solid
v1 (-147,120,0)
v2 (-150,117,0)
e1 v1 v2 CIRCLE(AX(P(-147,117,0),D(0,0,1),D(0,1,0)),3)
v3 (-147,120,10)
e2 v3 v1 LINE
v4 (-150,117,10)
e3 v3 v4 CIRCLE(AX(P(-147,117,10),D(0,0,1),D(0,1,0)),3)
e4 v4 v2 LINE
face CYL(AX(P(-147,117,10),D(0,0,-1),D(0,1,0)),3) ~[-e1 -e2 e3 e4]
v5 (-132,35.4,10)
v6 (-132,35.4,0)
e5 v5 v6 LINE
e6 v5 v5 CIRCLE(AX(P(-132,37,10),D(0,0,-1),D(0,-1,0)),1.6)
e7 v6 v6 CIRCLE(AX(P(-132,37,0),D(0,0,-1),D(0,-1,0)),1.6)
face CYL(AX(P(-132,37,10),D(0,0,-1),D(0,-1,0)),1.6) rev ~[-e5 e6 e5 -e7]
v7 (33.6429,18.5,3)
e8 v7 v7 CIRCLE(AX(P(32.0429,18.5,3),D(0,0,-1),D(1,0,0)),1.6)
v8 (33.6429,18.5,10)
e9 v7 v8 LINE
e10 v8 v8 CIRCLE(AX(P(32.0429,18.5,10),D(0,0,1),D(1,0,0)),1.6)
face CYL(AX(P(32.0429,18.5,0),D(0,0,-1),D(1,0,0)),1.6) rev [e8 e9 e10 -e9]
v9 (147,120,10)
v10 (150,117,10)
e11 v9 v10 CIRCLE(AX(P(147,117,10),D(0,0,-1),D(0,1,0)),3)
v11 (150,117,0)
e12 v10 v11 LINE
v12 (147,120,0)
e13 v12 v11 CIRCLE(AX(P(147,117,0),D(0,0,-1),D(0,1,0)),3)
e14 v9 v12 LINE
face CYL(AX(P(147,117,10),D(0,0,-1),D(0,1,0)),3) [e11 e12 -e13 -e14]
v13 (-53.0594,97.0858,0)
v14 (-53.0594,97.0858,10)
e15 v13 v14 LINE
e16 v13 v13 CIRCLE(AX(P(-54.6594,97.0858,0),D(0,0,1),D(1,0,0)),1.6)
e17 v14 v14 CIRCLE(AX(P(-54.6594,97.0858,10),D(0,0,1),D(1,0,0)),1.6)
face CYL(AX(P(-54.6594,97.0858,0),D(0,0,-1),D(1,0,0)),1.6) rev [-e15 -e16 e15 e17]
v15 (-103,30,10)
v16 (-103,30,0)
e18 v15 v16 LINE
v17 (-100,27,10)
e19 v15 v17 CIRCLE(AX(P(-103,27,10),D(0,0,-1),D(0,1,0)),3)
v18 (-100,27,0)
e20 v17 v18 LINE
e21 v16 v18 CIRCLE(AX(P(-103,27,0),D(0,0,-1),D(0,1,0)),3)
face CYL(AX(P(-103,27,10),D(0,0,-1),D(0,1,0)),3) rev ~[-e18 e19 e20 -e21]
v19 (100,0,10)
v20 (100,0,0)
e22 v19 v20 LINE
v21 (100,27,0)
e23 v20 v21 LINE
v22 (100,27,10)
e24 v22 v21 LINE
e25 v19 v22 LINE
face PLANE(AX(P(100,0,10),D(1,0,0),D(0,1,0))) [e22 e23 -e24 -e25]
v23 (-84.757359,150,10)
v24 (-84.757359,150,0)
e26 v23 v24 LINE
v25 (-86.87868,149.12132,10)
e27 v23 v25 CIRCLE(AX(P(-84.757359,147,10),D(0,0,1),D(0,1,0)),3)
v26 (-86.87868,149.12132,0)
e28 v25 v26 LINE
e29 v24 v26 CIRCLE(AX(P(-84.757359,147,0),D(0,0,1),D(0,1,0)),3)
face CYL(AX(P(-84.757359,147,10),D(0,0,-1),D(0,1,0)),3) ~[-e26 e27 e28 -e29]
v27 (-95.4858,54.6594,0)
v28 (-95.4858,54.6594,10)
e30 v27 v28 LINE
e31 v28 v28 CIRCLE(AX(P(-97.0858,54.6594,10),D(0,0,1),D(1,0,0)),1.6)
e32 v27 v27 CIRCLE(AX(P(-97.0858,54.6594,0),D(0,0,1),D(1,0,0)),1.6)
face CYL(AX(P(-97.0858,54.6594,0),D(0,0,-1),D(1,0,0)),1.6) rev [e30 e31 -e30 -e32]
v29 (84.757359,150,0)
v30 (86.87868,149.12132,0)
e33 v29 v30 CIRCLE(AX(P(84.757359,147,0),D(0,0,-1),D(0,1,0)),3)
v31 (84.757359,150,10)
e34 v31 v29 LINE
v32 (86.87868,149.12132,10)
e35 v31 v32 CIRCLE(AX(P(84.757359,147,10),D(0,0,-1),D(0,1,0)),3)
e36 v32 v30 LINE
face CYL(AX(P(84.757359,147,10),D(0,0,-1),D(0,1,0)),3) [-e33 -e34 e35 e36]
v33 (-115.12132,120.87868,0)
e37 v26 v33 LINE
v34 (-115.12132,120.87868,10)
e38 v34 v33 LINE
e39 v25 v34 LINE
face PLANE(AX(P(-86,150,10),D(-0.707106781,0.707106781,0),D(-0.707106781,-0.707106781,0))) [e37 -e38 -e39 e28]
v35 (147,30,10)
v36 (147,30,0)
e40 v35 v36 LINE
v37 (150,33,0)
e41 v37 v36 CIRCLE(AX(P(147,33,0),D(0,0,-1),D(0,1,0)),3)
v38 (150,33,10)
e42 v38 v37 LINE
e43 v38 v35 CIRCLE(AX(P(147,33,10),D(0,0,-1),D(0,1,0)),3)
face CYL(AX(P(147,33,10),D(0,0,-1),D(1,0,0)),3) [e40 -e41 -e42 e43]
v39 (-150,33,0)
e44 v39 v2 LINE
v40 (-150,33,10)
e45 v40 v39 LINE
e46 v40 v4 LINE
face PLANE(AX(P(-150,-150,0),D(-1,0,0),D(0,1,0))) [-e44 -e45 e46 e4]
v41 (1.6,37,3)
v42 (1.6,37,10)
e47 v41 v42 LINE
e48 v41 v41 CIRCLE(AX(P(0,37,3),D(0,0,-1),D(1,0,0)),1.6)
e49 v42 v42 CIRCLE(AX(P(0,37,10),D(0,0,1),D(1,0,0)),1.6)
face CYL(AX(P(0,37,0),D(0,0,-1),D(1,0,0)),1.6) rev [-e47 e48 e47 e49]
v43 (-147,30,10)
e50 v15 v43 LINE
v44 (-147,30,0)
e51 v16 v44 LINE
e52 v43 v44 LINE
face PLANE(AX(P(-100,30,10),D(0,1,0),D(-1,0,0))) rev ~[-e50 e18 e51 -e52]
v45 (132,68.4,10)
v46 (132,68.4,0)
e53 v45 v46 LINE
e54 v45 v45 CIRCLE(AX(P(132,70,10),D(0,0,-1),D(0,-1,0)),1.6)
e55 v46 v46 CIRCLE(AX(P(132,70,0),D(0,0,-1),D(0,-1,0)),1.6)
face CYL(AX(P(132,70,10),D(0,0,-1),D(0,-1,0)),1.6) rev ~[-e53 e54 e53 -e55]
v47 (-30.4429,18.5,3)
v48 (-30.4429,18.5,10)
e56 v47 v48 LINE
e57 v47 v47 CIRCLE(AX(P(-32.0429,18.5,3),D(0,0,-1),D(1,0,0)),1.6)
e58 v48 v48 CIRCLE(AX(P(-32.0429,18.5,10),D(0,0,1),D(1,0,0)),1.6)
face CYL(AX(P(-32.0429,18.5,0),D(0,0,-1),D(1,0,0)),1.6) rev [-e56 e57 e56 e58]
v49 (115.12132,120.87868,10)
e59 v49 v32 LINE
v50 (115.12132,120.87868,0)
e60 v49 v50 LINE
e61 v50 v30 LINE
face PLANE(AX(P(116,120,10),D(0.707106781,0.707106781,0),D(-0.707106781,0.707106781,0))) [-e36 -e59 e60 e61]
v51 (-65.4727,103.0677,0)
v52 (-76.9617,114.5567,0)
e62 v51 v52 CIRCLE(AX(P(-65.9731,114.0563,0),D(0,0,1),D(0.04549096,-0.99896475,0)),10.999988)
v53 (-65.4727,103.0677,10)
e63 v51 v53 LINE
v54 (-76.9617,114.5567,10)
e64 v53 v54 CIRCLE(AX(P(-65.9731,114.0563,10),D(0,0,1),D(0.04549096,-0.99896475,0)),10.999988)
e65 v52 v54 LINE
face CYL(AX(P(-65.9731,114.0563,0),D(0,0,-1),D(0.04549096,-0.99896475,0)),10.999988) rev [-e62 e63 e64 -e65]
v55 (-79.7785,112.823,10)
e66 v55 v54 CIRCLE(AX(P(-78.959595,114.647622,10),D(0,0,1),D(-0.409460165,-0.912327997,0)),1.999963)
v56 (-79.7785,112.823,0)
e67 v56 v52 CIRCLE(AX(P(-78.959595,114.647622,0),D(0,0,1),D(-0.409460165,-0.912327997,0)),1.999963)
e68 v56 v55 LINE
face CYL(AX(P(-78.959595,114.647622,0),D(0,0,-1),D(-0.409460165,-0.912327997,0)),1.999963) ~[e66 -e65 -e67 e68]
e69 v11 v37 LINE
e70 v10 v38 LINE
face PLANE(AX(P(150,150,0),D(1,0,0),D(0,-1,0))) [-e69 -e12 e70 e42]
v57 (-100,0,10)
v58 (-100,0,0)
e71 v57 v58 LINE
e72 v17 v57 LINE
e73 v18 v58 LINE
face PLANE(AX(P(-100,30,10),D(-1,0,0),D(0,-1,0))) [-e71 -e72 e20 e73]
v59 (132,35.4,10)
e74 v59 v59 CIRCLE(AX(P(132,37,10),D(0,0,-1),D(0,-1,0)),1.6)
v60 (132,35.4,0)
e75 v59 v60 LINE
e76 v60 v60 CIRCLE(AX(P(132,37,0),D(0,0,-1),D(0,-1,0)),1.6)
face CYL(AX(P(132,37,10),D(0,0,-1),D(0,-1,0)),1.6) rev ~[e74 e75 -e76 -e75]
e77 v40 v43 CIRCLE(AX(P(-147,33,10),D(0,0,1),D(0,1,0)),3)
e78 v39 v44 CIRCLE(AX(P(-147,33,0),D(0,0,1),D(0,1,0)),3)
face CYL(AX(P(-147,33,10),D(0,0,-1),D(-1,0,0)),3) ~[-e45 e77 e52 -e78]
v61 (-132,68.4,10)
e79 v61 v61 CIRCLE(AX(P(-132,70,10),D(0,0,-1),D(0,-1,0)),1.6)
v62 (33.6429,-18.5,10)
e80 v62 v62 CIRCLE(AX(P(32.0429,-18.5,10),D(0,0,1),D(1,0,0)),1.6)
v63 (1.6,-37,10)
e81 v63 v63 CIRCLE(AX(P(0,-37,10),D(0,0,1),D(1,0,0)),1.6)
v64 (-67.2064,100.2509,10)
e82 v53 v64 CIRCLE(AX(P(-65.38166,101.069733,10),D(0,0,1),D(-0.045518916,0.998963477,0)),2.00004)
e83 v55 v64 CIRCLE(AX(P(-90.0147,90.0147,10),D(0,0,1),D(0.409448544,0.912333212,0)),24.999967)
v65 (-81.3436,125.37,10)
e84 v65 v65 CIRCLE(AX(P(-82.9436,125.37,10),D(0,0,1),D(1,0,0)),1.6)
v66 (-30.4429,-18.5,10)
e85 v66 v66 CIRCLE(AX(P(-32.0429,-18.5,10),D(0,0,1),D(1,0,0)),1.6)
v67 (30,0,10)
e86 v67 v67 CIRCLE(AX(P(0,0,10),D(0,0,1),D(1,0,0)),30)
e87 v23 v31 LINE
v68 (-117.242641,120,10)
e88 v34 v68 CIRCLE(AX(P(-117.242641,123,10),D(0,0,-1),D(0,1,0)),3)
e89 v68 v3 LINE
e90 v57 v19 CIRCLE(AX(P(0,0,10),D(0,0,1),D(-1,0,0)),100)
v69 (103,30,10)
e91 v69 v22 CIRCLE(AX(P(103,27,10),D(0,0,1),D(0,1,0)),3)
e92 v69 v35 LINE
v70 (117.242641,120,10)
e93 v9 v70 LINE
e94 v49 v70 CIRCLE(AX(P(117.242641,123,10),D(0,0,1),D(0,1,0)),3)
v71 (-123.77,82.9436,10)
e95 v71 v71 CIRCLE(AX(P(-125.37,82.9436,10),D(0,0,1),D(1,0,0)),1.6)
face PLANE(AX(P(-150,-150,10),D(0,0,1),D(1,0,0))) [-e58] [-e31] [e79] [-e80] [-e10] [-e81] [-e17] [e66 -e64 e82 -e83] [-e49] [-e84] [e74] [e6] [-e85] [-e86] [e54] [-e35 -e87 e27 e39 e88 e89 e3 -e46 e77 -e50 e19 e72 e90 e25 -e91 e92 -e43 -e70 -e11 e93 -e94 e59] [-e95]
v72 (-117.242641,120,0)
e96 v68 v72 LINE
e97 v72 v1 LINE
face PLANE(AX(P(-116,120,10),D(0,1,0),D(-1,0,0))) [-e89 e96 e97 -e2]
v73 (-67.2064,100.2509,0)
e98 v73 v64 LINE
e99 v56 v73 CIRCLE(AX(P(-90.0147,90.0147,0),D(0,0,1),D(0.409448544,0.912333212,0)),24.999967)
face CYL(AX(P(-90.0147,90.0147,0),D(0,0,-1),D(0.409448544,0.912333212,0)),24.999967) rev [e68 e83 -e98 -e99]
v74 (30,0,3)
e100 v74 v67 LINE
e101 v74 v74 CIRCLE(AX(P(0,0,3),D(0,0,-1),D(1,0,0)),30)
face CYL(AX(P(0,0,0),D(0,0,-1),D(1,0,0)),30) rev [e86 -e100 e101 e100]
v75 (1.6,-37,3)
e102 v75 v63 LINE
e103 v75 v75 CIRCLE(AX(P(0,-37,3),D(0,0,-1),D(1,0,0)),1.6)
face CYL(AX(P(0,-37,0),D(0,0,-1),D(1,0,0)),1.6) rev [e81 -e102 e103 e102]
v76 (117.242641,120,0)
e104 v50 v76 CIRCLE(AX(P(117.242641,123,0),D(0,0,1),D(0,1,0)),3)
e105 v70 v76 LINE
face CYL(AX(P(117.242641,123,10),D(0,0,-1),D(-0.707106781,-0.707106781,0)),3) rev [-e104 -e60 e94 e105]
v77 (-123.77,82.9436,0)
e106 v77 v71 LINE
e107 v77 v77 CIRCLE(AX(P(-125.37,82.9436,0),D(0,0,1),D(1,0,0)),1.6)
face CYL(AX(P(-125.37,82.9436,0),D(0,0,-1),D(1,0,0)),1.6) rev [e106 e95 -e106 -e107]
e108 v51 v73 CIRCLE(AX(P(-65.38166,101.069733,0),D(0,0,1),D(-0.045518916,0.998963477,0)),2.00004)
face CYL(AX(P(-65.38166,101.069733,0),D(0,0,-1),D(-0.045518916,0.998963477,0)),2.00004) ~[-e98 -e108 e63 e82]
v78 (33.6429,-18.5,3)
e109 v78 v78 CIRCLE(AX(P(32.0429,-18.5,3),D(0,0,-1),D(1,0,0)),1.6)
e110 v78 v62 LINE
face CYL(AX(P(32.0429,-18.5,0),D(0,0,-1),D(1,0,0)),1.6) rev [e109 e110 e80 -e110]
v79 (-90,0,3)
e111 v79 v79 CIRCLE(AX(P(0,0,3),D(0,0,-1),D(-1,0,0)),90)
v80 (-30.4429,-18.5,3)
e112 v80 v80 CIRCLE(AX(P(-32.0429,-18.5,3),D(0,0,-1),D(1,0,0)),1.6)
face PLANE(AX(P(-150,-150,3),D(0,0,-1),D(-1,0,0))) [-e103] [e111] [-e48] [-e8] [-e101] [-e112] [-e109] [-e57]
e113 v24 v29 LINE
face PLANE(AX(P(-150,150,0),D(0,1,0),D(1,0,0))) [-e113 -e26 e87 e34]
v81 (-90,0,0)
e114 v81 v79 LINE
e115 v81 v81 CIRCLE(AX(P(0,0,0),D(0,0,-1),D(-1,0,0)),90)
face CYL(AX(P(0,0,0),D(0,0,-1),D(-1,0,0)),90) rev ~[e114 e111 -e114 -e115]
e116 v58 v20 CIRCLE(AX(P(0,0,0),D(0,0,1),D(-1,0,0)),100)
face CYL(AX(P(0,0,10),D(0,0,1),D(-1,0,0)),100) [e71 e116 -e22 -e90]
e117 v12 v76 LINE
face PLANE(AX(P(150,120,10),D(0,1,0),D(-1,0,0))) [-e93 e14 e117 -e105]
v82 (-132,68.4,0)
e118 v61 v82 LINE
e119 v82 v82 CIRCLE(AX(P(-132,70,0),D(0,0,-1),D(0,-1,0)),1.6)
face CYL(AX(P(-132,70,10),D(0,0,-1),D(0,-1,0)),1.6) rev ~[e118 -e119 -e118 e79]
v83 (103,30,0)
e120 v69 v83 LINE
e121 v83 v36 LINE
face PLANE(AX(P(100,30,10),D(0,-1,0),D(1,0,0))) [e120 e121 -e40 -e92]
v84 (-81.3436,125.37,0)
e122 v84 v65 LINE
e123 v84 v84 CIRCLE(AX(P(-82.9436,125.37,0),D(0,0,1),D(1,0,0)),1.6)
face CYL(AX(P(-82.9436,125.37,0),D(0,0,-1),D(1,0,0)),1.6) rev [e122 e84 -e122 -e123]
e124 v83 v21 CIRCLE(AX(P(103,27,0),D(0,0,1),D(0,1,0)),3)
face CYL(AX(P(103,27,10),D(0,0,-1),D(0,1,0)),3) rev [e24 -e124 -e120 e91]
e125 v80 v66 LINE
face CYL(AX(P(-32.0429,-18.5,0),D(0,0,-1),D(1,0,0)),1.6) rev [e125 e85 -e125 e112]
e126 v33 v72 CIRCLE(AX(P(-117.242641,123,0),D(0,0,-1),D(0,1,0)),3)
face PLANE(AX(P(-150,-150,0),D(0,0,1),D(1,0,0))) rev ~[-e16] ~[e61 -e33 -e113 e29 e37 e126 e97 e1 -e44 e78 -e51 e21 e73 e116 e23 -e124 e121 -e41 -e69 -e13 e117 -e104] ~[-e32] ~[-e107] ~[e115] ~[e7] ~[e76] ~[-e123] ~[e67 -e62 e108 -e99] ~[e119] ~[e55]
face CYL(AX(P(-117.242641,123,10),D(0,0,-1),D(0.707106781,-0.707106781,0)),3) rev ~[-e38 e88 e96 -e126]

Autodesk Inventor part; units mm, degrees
ref_plane "YZ Plane" through (0, 0, 0) normal (1, 0, 0) x (0, 1, 0)
ref_plane "XZ Plane" through (0, 0, 0) normal (0, 1, 0) x (-1, 0, 0)
ref_plane "XY Plane" through (0, 0, 0) normal (0, 0, 1) x (1, 0, 0)
sketch "スケッチ1" plane through (-150, -150, 0) normal (0, 0, 1) x (1, 0, 0)
  circle A0 centre (59.9853, 240.0147) radius 24 construction
  circle A1 centre (59.9853, 240.0147) radius 24 construction
  circle A2 centre (84.0269, 264.0563) radius 10 construction
  line L0 (84.0269, 264.0563) -> (59.9853, 240.0147) construction
  line L1 (59.9853, 240.0147) -> (84.0269, 215.9731) construction
  arc A3 (84.5273, 253.0677) -> (73.0383, 264.5567) centre (84.0269, 264.0563) ccw
  arc A4 (70.2215, 262.823) -> (82.7936, 250.2509) centre (59.9853, 240.0147) ccw
  arc A5 (84.5273, 253.0677) -> (82.7936, 250.2509) centre (84.6183, 251.0698) ccw
  arc A6 (70.2215, 262.823) -> (73.0383, 264.5567) centre (71.0404, 264.6477) ccw
  line L2 (67.0564, 275.37) -> (24.63, 232.9436) construction
  line L3 (24.63, 232.9436) -> (52.9142, 204.6594) construction
  line L4 (52.9142, 204.6594) -> (95.3406, 247.0858) construction
  line L5 (95.3406, 247.0858) -> (67.0564, 275.37) construction
  line L6 (67.0564, 275.37) -> (52.9142, 204.6594) construction
  line L7 (24.63, 232.9436) -> (95.3406, 247.0858) construction
  circle A7 centre (95.3406, 247.0858) radius 1.6
  circle A8 centre (52.9142, 204.6594) radius 1.6
  circle A9 centre (24.63, 232.9436) radius 1.6
  circle A10 centre (67.0564, 275.37) radius 1.6
  line L8 (270, 30) -> (30, 30) construction
  line L9 (30, 30) -> (30, 270) construction
  line L10 (30, 270) -> (270, 270) construction
  line L11 (270, 270) -> (270, 30) construction
  line L12 (270, 30) -> (30, 270) construction
  line L13 (30, 30) -> (270, 270) construction
  circle A11 centre (30, 270) radius 2 construction
  circle A12 centre (270, 270) radius 2 construction
  circle A13 centre (30, 30) radius 2
  circle A14 centre (270, 30) radius 2
  circle A15 centre (150, 150) radius 30
  line L14 (150, 113) -> (117.9571, 131.5) construction
  line L15 (117.9571, 131.5) -> (117.9571, 168.5) construction
  line L16 (117.9571, 168.5) -> (150, 187) construction
  line L17 (150, 187) -> (182.0429, 168.5) construction
  line L18 (182.0429, 168.5) -> (182.0429, 131.5) construction
  line L19 (182.0429, 131.5) -> (150, 113) construction
  circle A16 centre (150, 150) radius 37 construction
  circle A17 centre (150, 113) radius 1.6
  circle A18 centre (54.1207, 93.2509) radius 1.6 construction
  line L20 (117.9571, 131.5) -> (117.9571, 168.5) construction
  line L21 (150, 113) -> (117.9571, 131.5) construction
  line L22 (117.9571, 168.5) -> (150, 187) construction
  line L23 (182.0429, 131.5) -> (150, 113) construction
  circle A19 centre (150, 150) radius 30 construction
  line L24 (150, 187) -> (182.0429, 168.5) construction
  line L25 (182.0429, 168.5) -> (182.0429, 131.5) construction
  circle A20 centre (150, 150) radius 37 construction
  circle A21 centre (182.0429, 131.5) radius 1.6
  circle A22 centre (151.2065, 38.5916) radius 1.6 construction
  line L26 (150, 113) -> (117.9571, 131.5) construction
  line L27 (182.0429, 131.5) -> (150, 113) construction
  line L28 (117.9571, 131.5) -> (117.9571, 168.5) construction
  line L29 (182.0429, 168.5) -> (182.0429, 131.5) construction
  circle A23 centre (150, 150) radius 30 construction
  line L30 (117.9571, 168.5) -> (150, 187) construction
  line L31 (150, 187) -> (182.0429, 168.5) construction
  circle A24 centre (150, 150) radius 37 construction
  circle A25 centre (182.0429, 168.5) radius 1.6
  circle A26 centre (247.0858, 95.3406) radius 1.6 construction
  line L32 (182.0429, 131.5) -> (150, 113) construction
  line L33 (182.0429, 168.5) -> (182.0429, 131.5) construction
  line L34 (150, 113) -> (117.9571, 131.5) construction
  line L35 (150, 187) -> (182.0429, 168.5) construction
  circle A27 centre (150, 150) radius 30 construction
  line L36 (117.9571, 131.5) -> (117.9571, 168.5) construction
  line L37 (117.9571, 168.5) -> (150, 187) construction
  circle A28 centre (150, 150) radius 37 construction
  circle A29 centre (150, 187) radius 1.6
  circle A30 centre (245.8793, 206.7491) radius 1.6 construction
  line L38 (182.0429, 168.5) -> (182.0429, 131.5) construction
  line L39 (150, 187) -> (182.0429, 168.5) construction
  line L40 (182.0429, 131.5) -> (150, 113) construction
  line L41 (117.9571, 168.5) -> (150, 187) construction
  circle A31 centre (150, 150) radius 30 construction
  line L42 (150, 113) -> (117.9571, 131.5) construction
  line L43 (117.9571, 131.5) -> (117.9571, 168.5) construction
  circle A32 centre (150, 150) radius 37 construction
  circle A33 centre (117.9571, 168.5) radius 1.6
  circle A34 centre (148.7935, 261.4084) radius 1.6 construction
  line L44 (150, 187) -> (182.0429, 168.5) construction
  line L45 (117.9571, 168.5) -> (150, 187) construction
  line L46 (182.0429, 168.5) -> (182.0429, 131.5) construction
  line L47 (117.9571, 131.5) -> (117.9571, 168.5) construction
  circle A35 centre (150, 150) radius 30 construction
  line L48 (182.0429, 131.5) -> (150, 113) construction
  line L49 (150, 113) -> (117.9571, 131.5) construction
  circle A36 centre (150, 150) radius 37 construction
  circle A37 centre (117.9571, 131.5) radius 1.6
  line L50 (0, 300) -> (300, 300)
  line L51 (300, 300) -> (300, 0)
  line L52 (300, 0) -> (0, 0)
  line L53 (0, 0) -> (0, 300)
  line L54 (0, 300) -> (300, 0) construction
  line L55 (300, 300) -> (0, 0) construction
  point P0 (150, 150)
  point P1 (81.1985, 261.2279)
  point P2 (150, 150)
  point P3 (59.8791, 125.8522)
  point P4 (150, 150)
  point P5 (125.8522, 59.8791)
  point P6 (150, 150)
  point P7 (215.9731, 84.0269)
  point P8 (150, 150)
  point P9 (240.1209, 174.1478)
  point P10 (150, 150)
  point P11 (174.1478, 240.1209)
  dimension "d30" = 74
  dimension "d6" = 48
  dimension "d7" = 20
  dimension "d10" = 25
  dimension "d11" = 11
  dimension "d12" = 2
  dimension "d15" = 40
  dimension "d16" = 60
  dimension "d17" = 3.2
  dimension "d18" = 240
  dimension "d19" = 4
  dimension "d22" = 240
  dimension "d25" = 240
  dimension "d28" = 60
  dimension "d31" = 3.2
  dimension "d34" = 360
  dimension "d36" = 300
  dimension "d39" = 127.3
  dimension "d40" = 3.2
  dimension "d41" = 48
extrude "押し出し2" add sketch "スケッチ1" along normal blind 10
sketch "スケッチ2" plane through (-150, -150, 0) normal (0, 0, -1) x (-1, 0, 0)
  circle A0 centre (-150, 150) radius 90
  dimension "d42" = 180
extrude "押し出し3" cut sketch "スケッチ2" against normal blind 3
sketch "スケッチ3" plane through (-150, -150, 10) normal (0, 0, 1) x (1, 0, 0)
  line L0 (300, 300) -> (0, 300) projected
  line L1 (0, 300) -> (0, 0) projected
  line L2 (0, 0) -> (300, 0) projected
  line L3 (300, 0) -> (300, 300) projected
  circle A0 centre (150, 150) radius 30 projected
  line L4 (150, 180) -> (150, 150) construction
  line L5 (50, 180) -> (50, 150)
  line L6 (250, 150) -> (250, 180)
  arc A1 (250, 180) -> (50, 180) centre (150, 180) ccw
  arc A2 (50, 150) -> (250, 150) centre (150, 150) ccw
  line L7 (50, 180) -> (0, 180)
  line L8 (250, 180) -> (300, 180)
  line L9 (300, 40) -> (0, 40)
  line L10 (64, 300) -> (34, 270)
  line L11 (266, 270) -> (236, 300)
  line L12 (300, 270) -> (266, 270)
  line L13 (34, 270) -> (0, 270)
  point P0 (150, 165)
  dimension "d45" = 100
  dimension "d46" = 30
  dimension "d51" = 40
  dimension "d52" = 45
  dimension "d53" = 64
  dimension "d55" = 30
extrude "押し出し5" cut sketch "スケッチ3" against normal blind 10 contours L3 L12 L11 L0 | L10 L13 L1 L0 | L3 L9 L1 L7 L5 A2 L6 L8 | L3 L2 L1 L9
sketch "スケッチ5" plane through (-150, -150, 10) normal (0, 0, 1) x (1, 0, 0)
  circle A0 centre (18, 187) radius 1.6 projected
  circle A1 centre (282, 187) radius 1.6 projected
  point P0 (150, 150)
  point P1 (18, 220)
  point P2 (282, 220)
  dimension "d65" = 33
  dimension "d66" = 33
hole "穴1" at (-132, 37, 10) at (132, 37, 10) at (132, 70, 10) at (-132, 70, 10) direction (0, 0, -1) diameter 3.2 end through all
fillet "フィレット1" radius 3 10 edges at (-86, 150, 5) (-116, 120, 5) (-150, 120, 5) (-150, 30, 5) (-100, 30, 5) (100, 30, 5) (150, 30, 5) (150, 120, 5) (116, 120, 5) (86, 150, 5)
properties part number "ロボットベース2019" material "マツ材"
